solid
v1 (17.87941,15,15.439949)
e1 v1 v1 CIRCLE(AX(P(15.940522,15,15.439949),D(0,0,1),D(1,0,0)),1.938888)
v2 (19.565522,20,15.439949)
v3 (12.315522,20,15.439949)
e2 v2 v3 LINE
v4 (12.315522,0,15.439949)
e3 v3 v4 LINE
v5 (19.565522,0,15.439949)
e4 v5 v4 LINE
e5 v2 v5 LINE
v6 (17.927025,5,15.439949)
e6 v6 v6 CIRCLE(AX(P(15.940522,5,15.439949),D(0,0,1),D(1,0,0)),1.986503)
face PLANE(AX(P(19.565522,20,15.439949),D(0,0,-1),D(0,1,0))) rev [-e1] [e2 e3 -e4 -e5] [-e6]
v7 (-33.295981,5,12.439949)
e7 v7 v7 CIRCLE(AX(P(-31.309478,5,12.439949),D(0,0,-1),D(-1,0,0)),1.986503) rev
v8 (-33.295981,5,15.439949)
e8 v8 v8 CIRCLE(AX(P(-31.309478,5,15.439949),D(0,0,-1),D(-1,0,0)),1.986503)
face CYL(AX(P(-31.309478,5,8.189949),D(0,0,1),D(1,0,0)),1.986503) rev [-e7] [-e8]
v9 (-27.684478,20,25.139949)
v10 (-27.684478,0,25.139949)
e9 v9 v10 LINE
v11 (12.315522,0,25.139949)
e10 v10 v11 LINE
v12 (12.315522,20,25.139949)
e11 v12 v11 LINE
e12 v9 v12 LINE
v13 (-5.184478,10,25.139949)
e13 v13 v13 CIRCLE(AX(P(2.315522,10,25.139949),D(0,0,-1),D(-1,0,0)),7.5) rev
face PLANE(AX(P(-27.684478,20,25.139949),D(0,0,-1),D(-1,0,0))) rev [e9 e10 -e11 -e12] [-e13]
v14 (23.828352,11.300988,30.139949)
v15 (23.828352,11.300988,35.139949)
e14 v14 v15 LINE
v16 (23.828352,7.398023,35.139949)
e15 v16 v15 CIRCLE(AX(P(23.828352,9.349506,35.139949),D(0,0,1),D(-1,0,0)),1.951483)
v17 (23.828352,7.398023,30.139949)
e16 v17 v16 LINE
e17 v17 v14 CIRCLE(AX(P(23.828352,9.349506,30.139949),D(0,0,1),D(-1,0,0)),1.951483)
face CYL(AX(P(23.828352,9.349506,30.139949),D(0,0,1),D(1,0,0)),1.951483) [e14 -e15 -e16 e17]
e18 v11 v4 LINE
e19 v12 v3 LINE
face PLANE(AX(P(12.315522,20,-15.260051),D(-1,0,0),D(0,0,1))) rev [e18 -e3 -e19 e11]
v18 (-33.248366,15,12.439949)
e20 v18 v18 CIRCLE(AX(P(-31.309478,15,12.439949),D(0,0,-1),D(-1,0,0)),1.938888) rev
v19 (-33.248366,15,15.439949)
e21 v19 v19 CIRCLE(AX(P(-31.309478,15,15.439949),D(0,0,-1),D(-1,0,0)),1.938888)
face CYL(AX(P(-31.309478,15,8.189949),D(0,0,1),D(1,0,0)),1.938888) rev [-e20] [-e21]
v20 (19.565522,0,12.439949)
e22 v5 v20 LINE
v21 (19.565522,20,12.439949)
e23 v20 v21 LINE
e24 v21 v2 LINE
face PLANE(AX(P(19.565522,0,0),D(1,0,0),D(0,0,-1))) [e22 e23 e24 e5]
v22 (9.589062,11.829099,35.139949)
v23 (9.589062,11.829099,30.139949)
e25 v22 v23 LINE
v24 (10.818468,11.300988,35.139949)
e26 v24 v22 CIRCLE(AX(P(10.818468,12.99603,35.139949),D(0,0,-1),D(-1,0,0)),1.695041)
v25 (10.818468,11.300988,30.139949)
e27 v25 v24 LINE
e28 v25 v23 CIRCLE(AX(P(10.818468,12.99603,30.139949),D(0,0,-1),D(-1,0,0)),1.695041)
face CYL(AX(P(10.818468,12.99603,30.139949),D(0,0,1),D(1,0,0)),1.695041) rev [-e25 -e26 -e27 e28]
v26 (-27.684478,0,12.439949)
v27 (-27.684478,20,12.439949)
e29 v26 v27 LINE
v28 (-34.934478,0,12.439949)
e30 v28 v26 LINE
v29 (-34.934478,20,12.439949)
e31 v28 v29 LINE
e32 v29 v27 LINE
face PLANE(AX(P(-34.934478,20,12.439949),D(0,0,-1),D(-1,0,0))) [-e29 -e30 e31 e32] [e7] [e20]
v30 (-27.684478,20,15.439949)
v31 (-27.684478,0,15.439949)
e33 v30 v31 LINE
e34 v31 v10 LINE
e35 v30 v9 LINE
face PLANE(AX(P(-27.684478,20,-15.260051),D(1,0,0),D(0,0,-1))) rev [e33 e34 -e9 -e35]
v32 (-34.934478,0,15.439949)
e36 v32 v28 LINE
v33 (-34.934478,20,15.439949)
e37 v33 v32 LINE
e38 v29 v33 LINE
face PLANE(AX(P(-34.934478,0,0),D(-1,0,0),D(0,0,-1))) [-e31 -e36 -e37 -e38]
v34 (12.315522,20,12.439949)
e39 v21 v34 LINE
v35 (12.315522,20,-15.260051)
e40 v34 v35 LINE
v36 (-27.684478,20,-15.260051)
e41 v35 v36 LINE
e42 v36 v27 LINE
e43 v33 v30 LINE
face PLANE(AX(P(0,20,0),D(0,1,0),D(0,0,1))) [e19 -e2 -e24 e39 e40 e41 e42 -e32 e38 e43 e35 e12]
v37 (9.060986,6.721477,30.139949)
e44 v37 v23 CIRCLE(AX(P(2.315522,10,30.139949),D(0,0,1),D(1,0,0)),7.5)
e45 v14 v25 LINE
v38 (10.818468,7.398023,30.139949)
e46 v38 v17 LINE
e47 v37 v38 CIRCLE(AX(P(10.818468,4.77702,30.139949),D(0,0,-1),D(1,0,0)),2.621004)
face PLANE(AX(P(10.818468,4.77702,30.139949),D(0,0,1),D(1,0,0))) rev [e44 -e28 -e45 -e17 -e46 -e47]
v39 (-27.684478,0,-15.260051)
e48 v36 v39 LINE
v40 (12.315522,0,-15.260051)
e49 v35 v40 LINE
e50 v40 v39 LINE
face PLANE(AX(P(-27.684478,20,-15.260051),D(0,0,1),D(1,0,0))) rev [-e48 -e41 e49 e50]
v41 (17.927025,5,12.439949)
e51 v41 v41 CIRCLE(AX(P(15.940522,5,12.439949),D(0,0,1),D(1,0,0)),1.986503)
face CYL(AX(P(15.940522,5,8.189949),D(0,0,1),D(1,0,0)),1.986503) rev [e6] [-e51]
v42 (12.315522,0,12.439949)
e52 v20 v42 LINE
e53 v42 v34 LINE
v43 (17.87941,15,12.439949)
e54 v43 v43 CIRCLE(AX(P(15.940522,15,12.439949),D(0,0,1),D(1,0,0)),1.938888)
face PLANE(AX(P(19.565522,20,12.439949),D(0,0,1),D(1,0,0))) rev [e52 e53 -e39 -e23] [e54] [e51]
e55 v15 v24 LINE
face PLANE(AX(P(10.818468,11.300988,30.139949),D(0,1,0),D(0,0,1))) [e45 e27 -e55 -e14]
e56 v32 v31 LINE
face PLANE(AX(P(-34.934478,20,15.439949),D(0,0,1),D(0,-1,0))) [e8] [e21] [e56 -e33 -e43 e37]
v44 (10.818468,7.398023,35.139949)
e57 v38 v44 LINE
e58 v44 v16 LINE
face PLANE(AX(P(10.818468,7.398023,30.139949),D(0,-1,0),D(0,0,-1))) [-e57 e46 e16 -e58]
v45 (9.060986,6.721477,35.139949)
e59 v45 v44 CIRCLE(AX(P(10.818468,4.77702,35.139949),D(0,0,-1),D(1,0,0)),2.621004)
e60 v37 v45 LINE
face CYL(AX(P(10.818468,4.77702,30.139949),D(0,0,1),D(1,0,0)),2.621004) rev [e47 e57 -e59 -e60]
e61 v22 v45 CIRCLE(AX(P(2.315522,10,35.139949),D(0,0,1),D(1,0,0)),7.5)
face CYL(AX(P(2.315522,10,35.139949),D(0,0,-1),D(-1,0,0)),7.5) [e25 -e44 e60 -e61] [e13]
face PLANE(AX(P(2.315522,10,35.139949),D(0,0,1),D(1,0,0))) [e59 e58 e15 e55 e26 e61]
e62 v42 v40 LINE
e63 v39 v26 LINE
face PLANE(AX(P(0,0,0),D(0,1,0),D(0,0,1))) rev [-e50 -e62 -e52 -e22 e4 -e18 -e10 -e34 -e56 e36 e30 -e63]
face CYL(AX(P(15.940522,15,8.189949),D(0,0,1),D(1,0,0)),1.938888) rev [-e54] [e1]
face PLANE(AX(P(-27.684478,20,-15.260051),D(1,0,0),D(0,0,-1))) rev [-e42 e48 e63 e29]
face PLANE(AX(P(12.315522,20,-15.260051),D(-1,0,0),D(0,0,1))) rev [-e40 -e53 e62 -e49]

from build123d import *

# Parameters (mm, degrees)
SKETCH1_W           = 40
SKETCH1_H           = 40.4
BOSS_EXTRUDE1_DEPTH = 20
SKETCH3_W           = 3
SKETCH3_H           = 20
BOSS_EXTRUDE2_DEPTH = 7.25
SKETCH5_R           = 1.938887877
SKETCH5_R_2         = 1.98650292
CUT_EXTRUDE1_DEPTH  = 7.25
SKETCH6_R           = 7.5
BOSS_EXTRUDE3_DEPTH = 10
BOSS_EXTRUDE4_DEPTH = 5


with BuildPart() as part:
    # Sketch1 → Boss-Extrude1 (new body)
    with BuildSketch(Plane(origin=(0, 0, 0), x_dir=(1, 0, 0), z_dir=(0, 1, 0))):
        with Locations((-7.684478372, -4.939949109)):
            Rectangle(SKETCH1_W, SKETCH1_H)
    extrude(amount=BOSS_EXTRUDE1_DEPTH)

    # Sketch3 → Boss-Extrude2 (add)
    with BuildSketch(Plane(origin=(12.315521628, 0, 0), x_dir=(0, 0, -1), z_dir=(1, 0, 0))):
        with Locations((-13.939949109, 10)):
            Rectangle(SKETCH3_W, SKETCH3_H)
    boss_extrude2 = extrude(amount=BOSS_EXTRUDE2_DEPTH)

    # Mirror1: Boss-Extrude2 across plane
    add(boss_extrude2.mirror(Plane.ZY.offset(7.684478372)))

    # Sketch5 → Cut-Extrude1 (cut)
    with BuildSketch(Plane.XY.offset(15.439949109)):
        with Locations((15.940521628, 15)):
            Circle(SKETCH5_R)
        with Locations((15.940521628, 5)):
            Circle(SKETCH5_R_2)
    cut_extrude1 = extrude(amount=-CUT_EXTRUDE1_DEPTH, mode=Mode.SUBTRACT)

    # Mirror2: Cut-Extrude1 across plane
    add(cut_extrude1.mirror(Plane.ZY.offset(7.684478372)), mode=Mode.SUBTRACT)

    # Sketch6 → Boss-Extrude3 (add)
    with BuildSketch(Plane.XY.offset(25.139949109)):
        with Locations((2.315521628, 10)):
            Circle(SKETCH6_R)
    extrude(amount=BOSS_EXTRUDE3_DEPTH)

    # Sketch8 → Boss-Extrude4 (add)
    with BuildSketch(Plane.XY.offset(35.139949109)):
        with BuildLine():
            Line((10.818468117, 7.39802315), (23.828352366, 7.39802315))
            ThreePointArc((23.828352366, 7.39802315), (25.779835003, 9.349505788), (23.828352366, 11.300988425))
            Line((23.828352366, 11.300988425), (10.818468117, 11.300988425))
            ThreePointArc((10.818468117, 11.300988425), (9.571889646, 11.847462314), (9.129094063, 13.1345224))
            ThreePointArc((9.129094063, 13.1345224), (-5.184055447, 10.07964725), (9.060986037, 6.72147748))
            ThreePointArc((9.060986037, 6.72147748), (9.876866117, 7.223046033), (10.818468117, 7.39802315))
        make_face()
    extrude(amount=-BOSS_EXTRUDE4_DEPTH)


solid = part.part
